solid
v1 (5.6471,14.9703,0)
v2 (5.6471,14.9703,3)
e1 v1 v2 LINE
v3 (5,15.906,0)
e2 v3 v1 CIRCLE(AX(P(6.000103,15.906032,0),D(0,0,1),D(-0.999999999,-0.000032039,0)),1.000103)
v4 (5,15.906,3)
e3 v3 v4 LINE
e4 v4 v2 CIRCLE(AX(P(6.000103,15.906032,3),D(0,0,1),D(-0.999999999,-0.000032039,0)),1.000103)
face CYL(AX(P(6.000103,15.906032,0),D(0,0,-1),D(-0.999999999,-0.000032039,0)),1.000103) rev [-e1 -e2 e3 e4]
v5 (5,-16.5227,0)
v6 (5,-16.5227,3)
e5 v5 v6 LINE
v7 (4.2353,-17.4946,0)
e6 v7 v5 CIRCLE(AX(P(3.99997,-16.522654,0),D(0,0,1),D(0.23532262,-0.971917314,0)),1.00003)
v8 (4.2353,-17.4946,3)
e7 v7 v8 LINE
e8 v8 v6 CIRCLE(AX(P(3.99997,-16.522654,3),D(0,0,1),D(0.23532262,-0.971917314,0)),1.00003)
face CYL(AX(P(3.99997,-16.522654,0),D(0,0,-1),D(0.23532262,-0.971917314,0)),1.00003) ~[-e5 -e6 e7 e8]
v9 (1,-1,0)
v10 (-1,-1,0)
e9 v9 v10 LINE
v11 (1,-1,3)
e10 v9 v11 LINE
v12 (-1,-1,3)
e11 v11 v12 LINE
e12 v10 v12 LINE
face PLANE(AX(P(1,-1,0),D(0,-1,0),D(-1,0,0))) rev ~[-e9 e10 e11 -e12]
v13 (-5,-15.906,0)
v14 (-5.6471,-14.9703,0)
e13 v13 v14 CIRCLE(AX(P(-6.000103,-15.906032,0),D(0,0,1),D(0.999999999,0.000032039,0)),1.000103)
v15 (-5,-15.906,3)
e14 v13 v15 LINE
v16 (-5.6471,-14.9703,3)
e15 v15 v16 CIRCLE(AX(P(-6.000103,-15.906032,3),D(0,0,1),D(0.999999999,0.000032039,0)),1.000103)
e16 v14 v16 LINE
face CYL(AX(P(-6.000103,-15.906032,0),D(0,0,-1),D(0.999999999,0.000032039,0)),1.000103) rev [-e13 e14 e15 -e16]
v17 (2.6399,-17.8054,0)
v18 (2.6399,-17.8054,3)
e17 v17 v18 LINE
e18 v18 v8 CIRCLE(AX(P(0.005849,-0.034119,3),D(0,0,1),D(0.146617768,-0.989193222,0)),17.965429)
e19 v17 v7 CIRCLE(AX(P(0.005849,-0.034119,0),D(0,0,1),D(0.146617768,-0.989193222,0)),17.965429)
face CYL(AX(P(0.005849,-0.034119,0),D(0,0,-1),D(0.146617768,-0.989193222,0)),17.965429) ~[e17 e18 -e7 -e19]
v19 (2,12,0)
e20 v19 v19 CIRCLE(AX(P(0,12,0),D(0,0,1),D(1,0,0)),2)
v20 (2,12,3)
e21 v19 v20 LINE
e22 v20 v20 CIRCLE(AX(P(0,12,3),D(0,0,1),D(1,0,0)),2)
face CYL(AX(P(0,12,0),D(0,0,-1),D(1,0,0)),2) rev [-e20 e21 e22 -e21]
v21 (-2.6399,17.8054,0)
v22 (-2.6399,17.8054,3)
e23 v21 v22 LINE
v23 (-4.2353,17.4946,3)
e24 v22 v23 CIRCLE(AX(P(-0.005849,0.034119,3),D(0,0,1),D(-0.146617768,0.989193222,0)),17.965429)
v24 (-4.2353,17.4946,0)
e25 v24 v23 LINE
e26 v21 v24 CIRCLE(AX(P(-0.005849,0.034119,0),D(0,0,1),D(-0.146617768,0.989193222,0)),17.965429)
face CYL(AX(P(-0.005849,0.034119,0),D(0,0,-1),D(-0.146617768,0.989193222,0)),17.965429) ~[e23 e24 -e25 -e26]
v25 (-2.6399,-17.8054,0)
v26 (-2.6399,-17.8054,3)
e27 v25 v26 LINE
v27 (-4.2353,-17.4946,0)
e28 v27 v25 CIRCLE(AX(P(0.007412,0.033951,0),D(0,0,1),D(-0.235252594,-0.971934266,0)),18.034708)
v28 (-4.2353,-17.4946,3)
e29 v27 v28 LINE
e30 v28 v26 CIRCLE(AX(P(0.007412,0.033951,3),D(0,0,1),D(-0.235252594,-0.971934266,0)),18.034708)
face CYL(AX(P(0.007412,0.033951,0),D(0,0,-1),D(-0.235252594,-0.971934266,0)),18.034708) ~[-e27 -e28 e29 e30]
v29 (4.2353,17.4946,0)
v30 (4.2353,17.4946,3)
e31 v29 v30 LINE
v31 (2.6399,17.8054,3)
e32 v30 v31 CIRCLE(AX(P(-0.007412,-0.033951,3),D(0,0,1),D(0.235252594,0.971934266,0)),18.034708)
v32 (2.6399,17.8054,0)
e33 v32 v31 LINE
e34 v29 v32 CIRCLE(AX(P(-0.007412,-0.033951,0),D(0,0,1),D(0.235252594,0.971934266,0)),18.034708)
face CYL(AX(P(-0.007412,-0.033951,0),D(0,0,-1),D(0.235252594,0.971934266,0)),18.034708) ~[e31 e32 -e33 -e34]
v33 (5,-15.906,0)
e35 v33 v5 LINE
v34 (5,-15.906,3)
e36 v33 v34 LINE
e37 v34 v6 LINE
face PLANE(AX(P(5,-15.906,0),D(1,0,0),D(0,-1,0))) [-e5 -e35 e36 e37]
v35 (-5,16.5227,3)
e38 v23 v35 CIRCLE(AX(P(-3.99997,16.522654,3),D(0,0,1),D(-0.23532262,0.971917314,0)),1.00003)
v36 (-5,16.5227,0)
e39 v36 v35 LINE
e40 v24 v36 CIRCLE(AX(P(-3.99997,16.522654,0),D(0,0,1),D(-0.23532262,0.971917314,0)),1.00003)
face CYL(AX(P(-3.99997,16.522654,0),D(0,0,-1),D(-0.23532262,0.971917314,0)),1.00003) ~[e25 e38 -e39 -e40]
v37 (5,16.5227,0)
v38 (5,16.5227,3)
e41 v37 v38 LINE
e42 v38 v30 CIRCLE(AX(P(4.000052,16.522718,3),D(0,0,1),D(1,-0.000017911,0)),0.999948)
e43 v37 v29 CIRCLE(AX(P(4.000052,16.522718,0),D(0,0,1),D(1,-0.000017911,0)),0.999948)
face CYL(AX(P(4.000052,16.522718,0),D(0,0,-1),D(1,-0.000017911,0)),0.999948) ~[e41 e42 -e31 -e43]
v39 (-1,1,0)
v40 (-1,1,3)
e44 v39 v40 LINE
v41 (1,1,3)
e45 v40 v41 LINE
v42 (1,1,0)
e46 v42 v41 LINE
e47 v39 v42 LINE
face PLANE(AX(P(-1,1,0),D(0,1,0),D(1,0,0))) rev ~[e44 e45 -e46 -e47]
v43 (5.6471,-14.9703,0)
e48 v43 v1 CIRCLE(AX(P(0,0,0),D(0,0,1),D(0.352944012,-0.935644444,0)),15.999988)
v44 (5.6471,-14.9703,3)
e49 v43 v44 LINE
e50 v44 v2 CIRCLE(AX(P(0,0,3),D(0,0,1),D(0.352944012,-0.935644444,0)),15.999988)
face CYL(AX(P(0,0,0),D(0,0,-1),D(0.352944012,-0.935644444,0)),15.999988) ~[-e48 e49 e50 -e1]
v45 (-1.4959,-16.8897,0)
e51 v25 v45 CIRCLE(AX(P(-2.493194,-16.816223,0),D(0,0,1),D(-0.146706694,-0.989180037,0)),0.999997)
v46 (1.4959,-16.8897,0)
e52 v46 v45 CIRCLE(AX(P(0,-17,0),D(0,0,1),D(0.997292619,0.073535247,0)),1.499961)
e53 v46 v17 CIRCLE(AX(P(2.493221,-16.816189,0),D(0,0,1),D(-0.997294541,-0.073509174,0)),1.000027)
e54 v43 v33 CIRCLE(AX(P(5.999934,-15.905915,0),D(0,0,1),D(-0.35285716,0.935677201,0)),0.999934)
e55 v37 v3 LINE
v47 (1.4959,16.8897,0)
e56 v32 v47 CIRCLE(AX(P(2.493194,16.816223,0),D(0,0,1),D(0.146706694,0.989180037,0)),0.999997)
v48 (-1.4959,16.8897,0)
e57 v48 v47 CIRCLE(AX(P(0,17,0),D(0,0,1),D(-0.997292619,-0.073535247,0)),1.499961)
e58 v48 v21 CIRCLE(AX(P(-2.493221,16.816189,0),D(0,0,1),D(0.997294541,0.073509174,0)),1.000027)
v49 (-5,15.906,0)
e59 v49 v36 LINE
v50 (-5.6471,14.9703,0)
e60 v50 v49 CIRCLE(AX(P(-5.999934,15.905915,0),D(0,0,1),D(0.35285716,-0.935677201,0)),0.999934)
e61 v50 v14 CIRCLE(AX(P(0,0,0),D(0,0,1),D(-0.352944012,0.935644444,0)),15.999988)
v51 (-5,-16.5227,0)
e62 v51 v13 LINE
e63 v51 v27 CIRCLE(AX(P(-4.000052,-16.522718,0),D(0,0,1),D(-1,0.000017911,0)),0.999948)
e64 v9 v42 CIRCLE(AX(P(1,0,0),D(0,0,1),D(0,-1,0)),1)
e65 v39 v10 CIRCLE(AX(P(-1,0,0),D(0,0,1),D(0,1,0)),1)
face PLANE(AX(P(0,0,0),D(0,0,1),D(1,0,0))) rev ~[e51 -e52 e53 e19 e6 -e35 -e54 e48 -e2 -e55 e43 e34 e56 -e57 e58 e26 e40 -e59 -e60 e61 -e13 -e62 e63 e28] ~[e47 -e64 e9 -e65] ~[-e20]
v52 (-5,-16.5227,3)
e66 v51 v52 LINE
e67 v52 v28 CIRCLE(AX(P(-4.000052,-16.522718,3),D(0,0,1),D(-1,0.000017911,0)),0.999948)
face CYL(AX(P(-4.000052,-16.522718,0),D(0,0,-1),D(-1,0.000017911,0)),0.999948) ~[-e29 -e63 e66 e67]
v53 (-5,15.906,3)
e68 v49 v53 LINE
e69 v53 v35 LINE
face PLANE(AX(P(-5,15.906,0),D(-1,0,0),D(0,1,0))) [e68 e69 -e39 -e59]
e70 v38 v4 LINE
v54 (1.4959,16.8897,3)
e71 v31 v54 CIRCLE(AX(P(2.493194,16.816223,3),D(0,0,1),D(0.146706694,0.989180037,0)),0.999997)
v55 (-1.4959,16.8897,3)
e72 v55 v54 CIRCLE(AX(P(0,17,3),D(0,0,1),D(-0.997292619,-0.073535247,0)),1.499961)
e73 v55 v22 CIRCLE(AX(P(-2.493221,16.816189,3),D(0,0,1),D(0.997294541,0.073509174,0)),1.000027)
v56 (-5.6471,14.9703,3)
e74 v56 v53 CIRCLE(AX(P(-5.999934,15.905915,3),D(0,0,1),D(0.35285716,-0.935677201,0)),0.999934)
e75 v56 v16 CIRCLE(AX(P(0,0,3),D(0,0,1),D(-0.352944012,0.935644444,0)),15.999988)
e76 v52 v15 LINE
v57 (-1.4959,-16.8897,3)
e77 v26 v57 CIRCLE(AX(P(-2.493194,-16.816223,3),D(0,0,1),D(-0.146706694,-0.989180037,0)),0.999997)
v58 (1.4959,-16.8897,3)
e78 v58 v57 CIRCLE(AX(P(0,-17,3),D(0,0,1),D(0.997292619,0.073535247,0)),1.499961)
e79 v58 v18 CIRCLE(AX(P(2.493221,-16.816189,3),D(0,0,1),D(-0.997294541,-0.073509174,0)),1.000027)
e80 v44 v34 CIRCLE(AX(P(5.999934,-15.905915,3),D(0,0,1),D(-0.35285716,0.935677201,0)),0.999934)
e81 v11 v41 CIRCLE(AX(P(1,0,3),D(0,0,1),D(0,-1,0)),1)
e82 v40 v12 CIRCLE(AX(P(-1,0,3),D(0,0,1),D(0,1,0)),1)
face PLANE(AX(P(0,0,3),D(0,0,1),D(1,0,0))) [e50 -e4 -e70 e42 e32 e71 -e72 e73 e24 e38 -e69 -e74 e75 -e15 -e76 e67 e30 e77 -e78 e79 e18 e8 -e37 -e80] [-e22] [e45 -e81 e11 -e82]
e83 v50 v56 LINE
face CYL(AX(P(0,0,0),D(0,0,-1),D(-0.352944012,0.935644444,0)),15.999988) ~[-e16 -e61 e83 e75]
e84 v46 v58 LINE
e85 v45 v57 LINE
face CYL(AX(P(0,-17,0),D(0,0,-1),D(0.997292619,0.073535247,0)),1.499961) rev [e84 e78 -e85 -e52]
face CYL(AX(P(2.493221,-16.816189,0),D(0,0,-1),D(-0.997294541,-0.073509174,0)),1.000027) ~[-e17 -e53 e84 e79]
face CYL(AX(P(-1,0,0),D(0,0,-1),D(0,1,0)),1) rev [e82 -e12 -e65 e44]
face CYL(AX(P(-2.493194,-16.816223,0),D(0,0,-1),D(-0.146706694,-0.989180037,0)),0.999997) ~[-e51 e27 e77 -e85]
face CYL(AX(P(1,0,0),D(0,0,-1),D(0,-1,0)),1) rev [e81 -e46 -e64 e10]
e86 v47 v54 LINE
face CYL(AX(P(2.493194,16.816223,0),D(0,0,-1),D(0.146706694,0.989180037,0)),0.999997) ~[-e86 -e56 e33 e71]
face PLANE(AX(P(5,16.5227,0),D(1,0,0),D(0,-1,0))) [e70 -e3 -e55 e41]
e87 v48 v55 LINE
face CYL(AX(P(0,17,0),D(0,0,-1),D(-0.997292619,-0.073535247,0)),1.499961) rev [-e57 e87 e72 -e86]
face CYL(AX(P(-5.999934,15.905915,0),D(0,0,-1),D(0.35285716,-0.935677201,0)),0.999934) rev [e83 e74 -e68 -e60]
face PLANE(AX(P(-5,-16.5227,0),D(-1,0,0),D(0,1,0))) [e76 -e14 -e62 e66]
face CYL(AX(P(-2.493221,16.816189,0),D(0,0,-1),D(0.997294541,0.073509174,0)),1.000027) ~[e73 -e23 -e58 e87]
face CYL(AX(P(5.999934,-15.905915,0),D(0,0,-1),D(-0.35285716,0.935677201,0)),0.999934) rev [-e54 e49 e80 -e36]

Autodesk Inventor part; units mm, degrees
ref_plane "YZ Plane" through (0, 0, 0) normal (1, 0, 0) x (0, 1, 0)
ref_plane "XZ Plane" through (0, 0, 0) normal (0, 1, 0) x (-1, 0, 0)
ref_plane "XY Plane" through (0, 0, 0) normal (0, 0, 1) x (1, 0, 0)
sketch "Sketch1" plane through (0, 0, 0) normal (0, 0, 1) x (1, 0, 0)
  circle A0 centre (0, 12) radius 2
  arc A1 (-5.6471, 14.9703) -> (-5.6471, -14.9703) centre (0, 0) ccw
  arc A2 (5.6471, -14.9703) -> (5.6471, 14.9703) centre (0, 0) ccw
  line L0 (-5, -16.5227) -> (-5, -15.906)
  line L1 (-5, 15.906) -> (-5, 16.5227)
  line L2 (5, 16.5227) -> (5, 15.906)
  line L3 (5, -15.906) -> (5, -16.5227)
  arc A3 (-5.6471, 14.9703) -> (-5, 15.906) centre (-6, 15.906) ccw
  arc A4 (-4.2353, 17.4946) -> (-5, 16.5227) centre (-4, 16.5227) ccw
  arc A5 (5, 16.5227) -> (4.2353, 17.4946) centre (4, 16.5227) ccw
  arc A6 (5, 15.906) -> (5.6471, 14.9703) centre (6, 15.906) ccw
  arc A7 (5.6471, -14.9703) -> (5, -15.906) centre (6, -15.906) ccw
  arc A8 (4.2353, -17.4946) -> (5, -16.5227) centre (4, -16.5227) ccw
  arc A9 (-5, -16.5227) -> (-4.2353, -17.4946) centre (-4, -16.5227) ccw
  arc A10 (-5, -15.906) -> (-5.6471, -14.9703) centre (-6, -15.906) ccw
  arc A11 (-1.4959, 16.8897) -> (1.4959, 16.8897) centre (0, 17) ccw
  arc A12 (1.4959, -16.8897) -> (-1.4959, -16.8897) centre (0, -17) ccw
  arc A13 (4.2353, 17.4946) -> (2.6399, 17.8054) centre (0, 0) ccw
  arc A14 (-2.6399, 17.8054) -> (-4.2353, 17.4946) centre (0, 0) ccw
  arc A15 (-4.2353, -17.4946) -> (-2.6399, -17.8054) centre (0, 0) ccw
  arc A16 (2.6399, -17.8054) -> (4.2353, -17.4946) centre (0, 0) ccw
  arc A17 (-2.6399, -17.8054) -> (-1.4959, -16.8897) centre (-2.4932, -16.8162) ccw
  arc A18 (1.4959, -16.8897) -> (2.6399, -17.8054) centre (2.4932, -16.8162) ccw
  arc A19 (-1.4959, 16.8897) -> (-2.6399, 17.8054) centre (-2.4932, 16.8162) ccw
  arc A20 (2.6399, 17.8054) -> (1.4959, 16.8897) centre (2.4932, 16.8162) ccw
  arc A21 (-1, 1) -> (-1, -1) centre (-1, 0) ccw
  arc A22 (1, -1) -> (1, 1) centre (1, 0) ccw
  line L4 (-1, 1) -> (1, 1)
  line L5 (1, -1) -> (-1, -1)
  point P0 (-5, 17.2916)
  point P1 (5, -17.2916)
  point P2 (5, 17.2916)
  point P3 (-5, -17.2916)
  point P4 (5, 15.1987)
  point P5 (-5, 15.1987)
  point P6 (-5, -15.1987)
  point P7 (5, -15.1987)
  dimension "d6" = 4
  dimension "d16" = 1
  dimension "d17" = 16
  dimension "d18" = 16
  dimension "d21" = 10
  dimension "d22" = 10
  dimension "d25" = 3
  dimension "d28" = 3
  dimension "d29" = 1
  dimension "d34" = 12
  dimension "d35" = 2
  dimension "d36" = 2
extrude "Extrusion4" add sketch "Sketch1" along normal blind 3
properties part number "Outer Endcap080513" material "Polycarbonate, Clear"
